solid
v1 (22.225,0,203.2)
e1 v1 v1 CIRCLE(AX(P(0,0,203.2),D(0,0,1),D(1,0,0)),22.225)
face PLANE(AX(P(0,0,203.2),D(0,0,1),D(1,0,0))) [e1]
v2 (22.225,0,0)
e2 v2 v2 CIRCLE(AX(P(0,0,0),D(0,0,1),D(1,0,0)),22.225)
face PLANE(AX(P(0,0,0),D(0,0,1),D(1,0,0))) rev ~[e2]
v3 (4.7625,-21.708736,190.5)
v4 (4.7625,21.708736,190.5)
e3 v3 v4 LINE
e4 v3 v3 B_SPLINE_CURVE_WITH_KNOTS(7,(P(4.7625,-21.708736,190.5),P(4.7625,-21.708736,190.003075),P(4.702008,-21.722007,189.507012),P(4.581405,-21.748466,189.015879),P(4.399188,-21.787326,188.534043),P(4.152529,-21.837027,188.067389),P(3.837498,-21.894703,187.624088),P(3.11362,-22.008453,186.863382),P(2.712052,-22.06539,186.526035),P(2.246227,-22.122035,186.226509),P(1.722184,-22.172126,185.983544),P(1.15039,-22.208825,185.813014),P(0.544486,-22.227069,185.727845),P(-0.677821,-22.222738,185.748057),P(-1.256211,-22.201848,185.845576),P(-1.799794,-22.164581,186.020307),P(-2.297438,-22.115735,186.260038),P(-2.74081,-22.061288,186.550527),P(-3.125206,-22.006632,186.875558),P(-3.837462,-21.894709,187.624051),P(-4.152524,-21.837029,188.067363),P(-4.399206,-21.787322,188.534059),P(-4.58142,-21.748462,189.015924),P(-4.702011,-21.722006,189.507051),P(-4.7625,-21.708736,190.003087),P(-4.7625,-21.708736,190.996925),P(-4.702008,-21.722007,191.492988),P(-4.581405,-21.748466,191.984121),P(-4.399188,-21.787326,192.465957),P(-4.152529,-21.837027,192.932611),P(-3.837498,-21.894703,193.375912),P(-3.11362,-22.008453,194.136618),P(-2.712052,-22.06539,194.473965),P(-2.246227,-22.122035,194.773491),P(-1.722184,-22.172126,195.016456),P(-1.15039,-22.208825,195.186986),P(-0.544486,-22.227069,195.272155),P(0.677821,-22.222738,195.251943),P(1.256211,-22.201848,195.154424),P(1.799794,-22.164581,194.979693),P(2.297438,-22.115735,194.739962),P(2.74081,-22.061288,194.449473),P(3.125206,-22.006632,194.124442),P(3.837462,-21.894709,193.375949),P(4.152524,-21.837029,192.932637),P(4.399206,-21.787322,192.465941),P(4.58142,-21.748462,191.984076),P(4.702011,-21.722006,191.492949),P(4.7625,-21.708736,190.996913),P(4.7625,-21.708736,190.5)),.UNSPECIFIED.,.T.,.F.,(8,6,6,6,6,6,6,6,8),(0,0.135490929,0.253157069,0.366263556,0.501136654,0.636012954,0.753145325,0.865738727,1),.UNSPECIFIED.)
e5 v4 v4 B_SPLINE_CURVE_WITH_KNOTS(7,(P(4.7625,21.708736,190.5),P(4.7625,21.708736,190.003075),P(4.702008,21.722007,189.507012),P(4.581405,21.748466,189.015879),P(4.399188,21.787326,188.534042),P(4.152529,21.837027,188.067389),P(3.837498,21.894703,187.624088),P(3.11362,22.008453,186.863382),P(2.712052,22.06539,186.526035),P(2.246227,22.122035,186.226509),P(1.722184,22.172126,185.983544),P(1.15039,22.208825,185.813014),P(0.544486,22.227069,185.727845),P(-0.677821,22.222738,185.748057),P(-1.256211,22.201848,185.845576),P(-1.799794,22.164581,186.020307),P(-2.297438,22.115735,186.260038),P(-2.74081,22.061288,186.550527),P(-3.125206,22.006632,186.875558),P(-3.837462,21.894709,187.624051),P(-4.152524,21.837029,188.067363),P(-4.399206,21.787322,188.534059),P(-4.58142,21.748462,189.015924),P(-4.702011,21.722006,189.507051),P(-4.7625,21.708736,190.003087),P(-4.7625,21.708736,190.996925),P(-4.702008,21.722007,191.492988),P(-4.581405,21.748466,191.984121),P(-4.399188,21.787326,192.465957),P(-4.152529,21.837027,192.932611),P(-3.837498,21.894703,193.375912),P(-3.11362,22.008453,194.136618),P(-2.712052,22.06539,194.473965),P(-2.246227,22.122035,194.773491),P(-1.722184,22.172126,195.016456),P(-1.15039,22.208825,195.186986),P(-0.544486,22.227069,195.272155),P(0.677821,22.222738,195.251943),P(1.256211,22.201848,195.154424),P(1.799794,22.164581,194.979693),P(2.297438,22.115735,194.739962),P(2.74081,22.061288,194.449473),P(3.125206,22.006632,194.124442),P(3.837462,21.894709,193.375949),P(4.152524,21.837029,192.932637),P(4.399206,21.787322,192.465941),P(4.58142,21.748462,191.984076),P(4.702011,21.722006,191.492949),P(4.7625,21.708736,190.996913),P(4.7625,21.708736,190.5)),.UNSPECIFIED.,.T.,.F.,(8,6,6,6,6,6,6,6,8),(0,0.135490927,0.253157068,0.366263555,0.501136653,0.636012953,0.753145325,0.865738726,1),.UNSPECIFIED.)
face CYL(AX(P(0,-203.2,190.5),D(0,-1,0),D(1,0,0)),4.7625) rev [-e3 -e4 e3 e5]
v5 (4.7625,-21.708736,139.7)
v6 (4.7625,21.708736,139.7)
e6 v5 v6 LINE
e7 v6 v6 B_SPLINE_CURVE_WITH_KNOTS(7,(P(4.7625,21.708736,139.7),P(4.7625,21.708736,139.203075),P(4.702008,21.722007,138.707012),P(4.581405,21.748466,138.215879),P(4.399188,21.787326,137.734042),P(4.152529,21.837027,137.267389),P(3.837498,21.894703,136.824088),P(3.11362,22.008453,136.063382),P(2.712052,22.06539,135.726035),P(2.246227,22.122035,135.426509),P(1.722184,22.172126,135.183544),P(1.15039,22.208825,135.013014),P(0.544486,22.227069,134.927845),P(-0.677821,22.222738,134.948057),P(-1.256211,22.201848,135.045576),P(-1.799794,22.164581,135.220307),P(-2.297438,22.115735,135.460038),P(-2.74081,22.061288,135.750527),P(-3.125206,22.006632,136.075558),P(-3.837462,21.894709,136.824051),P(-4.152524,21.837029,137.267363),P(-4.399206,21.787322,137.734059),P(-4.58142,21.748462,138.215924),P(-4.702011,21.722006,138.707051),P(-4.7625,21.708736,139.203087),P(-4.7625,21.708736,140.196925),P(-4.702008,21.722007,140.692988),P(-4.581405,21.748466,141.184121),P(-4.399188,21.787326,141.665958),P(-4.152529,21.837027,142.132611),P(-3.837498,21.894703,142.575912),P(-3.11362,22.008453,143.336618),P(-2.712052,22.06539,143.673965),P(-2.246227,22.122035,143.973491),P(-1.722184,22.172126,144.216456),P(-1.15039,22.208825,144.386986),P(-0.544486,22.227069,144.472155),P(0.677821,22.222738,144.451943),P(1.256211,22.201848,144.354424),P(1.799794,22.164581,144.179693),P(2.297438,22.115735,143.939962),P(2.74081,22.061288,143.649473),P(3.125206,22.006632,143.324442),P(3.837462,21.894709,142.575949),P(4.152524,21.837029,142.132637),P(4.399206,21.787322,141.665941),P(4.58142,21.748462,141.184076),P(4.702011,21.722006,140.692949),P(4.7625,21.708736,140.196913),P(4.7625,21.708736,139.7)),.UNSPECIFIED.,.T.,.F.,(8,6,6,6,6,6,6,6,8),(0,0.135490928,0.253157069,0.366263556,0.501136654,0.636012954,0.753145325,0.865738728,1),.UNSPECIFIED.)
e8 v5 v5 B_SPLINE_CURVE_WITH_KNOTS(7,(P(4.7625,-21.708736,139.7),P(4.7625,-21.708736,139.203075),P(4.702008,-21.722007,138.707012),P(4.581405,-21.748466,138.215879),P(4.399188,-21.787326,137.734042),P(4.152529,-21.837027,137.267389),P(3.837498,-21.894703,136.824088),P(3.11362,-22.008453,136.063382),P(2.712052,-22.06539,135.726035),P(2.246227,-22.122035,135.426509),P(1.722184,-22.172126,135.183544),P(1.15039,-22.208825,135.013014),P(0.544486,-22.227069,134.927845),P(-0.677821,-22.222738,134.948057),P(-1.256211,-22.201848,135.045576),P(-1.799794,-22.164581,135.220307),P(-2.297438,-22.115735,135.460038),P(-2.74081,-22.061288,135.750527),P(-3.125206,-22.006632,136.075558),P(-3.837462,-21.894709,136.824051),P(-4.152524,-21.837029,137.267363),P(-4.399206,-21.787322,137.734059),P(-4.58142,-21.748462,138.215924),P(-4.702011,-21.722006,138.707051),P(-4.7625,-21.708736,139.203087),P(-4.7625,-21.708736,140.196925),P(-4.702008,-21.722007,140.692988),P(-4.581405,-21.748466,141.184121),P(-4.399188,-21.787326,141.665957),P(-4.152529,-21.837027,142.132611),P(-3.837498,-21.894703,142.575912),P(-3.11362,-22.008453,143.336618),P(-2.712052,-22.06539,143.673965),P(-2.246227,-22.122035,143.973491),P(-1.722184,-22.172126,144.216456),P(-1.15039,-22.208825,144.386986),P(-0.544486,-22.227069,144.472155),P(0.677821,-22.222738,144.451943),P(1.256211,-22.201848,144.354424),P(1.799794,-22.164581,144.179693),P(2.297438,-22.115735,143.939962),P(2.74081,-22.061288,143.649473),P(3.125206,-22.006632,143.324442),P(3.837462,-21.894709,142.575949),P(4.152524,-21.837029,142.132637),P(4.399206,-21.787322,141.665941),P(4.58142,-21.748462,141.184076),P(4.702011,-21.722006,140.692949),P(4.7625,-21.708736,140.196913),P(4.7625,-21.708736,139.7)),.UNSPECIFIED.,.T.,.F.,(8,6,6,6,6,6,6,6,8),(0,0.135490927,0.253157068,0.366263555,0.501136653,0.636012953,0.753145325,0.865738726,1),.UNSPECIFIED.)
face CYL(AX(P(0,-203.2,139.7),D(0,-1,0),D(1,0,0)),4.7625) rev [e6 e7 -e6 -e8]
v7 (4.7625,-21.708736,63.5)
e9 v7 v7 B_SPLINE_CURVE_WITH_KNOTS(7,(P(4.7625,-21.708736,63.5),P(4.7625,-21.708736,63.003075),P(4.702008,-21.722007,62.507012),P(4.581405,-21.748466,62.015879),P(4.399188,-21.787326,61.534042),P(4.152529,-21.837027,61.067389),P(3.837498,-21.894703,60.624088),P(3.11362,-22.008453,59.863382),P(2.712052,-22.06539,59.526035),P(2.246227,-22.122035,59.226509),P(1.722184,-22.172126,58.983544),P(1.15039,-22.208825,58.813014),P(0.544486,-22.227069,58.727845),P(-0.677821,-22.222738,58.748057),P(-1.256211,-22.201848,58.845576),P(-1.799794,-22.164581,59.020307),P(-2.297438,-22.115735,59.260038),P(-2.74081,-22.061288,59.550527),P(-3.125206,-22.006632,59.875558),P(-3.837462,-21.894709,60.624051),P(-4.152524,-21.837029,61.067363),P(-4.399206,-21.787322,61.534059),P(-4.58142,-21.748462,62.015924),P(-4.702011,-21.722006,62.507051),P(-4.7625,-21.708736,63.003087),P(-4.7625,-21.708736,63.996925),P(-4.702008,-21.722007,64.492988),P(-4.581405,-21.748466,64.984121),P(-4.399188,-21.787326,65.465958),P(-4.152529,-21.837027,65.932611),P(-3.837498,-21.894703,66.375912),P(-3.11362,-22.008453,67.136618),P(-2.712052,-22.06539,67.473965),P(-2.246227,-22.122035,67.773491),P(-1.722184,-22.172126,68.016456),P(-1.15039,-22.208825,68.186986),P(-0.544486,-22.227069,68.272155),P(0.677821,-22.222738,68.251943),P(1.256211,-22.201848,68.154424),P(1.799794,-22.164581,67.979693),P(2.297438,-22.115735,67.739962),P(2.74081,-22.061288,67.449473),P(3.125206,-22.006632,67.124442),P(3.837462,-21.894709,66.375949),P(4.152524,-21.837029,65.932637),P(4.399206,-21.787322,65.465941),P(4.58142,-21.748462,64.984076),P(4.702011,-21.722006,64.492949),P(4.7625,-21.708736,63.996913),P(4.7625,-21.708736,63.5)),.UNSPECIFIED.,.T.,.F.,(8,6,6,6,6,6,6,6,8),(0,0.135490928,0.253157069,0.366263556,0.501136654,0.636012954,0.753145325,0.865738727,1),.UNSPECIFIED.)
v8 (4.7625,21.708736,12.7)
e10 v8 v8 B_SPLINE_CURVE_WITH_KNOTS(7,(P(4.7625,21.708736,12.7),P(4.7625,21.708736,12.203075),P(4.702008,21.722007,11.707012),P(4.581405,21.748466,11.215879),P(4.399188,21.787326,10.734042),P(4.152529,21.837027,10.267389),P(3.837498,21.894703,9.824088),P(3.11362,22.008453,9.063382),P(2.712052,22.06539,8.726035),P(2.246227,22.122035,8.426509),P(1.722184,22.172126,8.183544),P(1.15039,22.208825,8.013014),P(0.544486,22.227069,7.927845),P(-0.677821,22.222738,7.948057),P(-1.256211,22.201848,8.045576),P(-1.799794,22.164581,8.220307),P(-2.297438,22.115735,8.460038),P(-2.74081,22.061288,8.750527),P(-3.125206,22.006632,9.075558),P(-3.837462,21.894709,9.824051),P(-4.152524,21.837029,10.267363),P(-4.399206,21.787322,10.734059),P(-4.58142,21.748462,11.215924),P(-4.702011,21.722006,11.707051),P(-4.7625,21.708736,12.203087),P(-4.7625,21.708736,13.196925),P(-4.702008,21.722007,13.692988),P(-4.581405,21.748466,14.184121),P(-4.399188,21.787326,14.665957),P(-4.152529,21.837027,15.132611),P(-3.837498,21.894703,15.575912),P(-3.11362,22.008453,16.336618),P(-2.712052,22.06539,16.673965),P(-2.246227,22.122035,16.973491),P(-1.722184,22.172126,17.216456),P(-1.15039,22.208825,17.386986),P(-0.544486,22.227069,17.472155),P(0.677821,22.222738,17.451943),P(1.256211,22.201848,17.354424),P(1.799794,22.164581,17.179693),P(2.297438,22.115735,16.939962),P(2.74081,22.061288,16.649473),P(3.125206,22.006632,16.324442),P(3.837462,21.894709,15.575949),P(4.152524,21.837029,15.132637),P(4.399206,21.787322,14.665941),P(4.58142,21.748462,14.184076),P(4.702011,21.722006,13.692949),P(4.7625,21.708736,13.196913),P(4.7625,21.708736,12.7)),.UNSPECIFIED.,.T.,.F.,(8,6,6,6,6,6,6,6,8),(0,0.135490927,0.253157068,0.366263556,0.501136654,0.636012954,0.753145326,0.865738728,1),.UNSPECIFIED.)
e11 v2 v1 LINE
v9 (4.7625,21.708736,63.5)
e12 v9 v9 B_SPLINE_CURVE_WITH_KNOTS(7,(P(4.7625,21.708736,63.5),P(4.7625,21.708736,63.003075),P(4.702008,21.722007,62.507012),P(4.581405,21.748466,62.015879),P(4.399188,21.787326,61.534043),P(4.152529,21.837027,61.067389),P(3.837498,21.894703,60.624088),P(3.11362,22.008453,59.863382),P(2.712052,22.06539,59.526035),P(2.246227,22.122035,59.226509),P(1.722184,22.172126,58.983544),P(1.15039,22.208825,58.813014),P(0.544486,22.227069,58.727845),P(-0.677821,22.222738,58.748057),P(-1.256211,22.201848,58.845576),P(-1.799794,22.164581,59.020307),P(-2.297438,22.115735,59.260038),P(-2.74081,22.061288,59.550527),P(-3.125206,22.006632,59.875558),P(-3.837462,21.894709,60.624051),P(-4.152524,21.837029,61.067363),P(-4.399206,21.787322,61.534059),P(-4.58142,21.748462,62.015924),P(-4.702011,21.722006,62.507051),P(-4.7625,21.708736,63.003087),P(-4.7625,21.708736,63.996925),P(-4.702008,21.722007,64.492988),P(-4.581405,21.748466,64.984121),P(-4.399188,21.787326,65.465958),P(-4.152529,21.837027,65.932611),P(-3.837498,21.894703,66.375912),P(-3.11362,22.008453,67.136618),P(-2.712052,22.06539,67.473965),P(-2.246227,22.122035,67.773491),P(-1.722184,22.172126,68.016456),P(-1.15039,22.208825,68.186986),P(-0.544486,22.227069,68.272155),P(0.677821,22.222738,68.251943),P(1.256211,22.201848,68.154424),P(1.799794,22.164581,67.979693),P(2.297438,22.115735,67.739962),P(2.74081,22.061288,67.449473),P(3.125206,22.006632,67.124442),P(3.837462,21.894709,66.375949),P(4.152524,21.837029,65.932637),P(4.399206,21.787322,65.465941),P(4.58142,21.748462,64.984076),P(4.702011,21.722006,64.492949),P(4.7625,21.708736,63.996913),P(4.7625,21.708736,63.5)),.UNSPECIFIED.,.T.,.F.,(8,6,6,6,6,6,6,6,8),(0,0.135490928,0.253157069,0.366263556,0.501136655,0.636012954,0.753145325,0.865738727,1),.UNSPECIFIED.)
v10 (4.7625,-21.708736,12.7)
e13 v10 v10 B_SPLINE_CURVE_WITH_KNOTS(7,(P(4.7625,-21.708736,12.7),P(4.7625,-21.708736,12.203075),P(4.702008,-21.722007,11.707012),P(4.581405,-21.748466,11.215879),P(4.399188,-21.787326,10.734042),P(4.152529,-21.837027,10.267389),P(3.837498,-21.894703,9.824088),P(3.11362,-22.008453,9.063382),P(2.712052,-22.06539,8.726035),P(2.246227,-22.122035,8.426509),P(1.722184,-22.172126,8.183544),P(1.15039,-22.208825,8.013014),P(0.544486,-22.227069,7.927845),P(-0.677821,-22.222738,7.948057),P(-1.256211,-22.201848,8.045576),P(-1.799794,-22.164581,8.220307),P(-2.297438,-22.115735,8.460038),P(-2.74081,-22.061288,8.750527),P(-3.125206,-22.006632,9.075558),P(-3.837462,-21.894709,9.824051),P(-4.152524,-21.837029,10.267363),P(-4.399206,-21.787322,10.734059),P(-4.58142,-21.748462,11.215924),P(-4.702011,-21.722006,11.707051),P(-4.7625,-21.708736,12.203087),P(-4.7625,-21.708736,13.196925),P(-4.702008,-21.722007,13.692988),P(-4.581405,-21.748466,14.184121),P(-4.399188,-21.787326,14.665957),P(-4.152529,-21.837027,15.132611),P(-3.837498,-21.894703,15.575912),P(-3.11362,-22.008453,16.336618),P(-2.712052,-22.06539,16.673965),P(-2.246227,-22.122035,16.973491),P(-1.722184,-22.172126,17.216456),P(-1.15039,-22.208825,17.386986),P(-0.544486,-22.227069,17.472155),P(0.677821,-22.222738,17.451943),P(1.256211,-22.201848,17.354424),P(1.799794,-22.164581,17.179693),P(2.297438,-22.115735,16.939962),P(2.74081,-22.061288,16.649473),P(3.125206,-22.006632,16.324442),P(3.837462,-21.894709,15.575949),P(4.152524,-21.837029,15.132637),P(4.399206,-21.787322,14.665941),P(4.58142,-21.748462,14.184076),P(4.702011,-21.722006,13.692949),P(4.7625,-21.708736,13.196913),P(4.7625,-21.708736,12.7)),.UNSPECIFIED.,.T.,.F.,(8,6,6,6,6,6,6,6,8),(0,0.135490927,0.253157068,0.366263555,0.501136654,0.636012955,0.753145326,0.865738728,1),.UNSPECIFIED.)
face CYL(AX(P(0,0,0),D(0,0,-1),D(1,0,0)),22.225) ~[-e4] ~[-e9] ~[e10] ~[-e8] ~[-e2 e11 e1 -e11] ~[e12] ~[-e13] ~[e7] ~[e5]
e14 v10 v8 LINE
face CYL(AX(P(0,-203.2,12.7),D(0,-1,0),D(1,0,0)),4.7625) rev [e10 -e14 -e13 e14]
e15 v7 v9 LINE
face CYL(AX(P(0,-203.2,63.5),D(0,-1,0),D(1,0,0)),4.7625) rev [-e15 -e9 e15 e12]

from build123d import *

# Parameters (mm, degrees)
SKETCH1_R               = 22.225
BOSS_EXTRUDE1_DEPTH     = 203.2
CUT_EXTRUDE1_DEPTH      = 203.2
CUT_EXTRUDE1_DEPTH_BACK = 203.2
SKETCH2_R               = 4.7625


with BuildPart() as part:
    # Sketch1 → Boss-Extrude1 (new body)
    with BuildSketch(Plane.XY):
        Circle(SKETCH1_R)
    extrude(amount=BOSS_EXTRUDE1_DEPTH)

    # Sketch2 → Cut-Extrude1 (cut, two sides: drawn at the far end of the back side and taken through both)
    with BuildSketch(Plane(origin=(0, 0, 0), x_dir=(1, 0, 0), z_dir=(0, 1, 0)).offset(-CUT_EXTRUDE1_DEPTH_BACK)):
        with Locations((0, -190.5)):
            Circle(SKETCH2_R)
        with Locations((0, -139.7)):
            Circle(SKETCH2_R)
        with Locations((0, -12.7)):
            Circle(SKETCH2_R)
        with Locations((0, -63.5)):
            Circle(SKETCH2_R)
    extrude(amount=CUT_EXTRUDE1_DEPTH + CUT_EXTRUDE1_DEPTH_BACK, mode=Mode.SUBTRACT)


solid = part.part
